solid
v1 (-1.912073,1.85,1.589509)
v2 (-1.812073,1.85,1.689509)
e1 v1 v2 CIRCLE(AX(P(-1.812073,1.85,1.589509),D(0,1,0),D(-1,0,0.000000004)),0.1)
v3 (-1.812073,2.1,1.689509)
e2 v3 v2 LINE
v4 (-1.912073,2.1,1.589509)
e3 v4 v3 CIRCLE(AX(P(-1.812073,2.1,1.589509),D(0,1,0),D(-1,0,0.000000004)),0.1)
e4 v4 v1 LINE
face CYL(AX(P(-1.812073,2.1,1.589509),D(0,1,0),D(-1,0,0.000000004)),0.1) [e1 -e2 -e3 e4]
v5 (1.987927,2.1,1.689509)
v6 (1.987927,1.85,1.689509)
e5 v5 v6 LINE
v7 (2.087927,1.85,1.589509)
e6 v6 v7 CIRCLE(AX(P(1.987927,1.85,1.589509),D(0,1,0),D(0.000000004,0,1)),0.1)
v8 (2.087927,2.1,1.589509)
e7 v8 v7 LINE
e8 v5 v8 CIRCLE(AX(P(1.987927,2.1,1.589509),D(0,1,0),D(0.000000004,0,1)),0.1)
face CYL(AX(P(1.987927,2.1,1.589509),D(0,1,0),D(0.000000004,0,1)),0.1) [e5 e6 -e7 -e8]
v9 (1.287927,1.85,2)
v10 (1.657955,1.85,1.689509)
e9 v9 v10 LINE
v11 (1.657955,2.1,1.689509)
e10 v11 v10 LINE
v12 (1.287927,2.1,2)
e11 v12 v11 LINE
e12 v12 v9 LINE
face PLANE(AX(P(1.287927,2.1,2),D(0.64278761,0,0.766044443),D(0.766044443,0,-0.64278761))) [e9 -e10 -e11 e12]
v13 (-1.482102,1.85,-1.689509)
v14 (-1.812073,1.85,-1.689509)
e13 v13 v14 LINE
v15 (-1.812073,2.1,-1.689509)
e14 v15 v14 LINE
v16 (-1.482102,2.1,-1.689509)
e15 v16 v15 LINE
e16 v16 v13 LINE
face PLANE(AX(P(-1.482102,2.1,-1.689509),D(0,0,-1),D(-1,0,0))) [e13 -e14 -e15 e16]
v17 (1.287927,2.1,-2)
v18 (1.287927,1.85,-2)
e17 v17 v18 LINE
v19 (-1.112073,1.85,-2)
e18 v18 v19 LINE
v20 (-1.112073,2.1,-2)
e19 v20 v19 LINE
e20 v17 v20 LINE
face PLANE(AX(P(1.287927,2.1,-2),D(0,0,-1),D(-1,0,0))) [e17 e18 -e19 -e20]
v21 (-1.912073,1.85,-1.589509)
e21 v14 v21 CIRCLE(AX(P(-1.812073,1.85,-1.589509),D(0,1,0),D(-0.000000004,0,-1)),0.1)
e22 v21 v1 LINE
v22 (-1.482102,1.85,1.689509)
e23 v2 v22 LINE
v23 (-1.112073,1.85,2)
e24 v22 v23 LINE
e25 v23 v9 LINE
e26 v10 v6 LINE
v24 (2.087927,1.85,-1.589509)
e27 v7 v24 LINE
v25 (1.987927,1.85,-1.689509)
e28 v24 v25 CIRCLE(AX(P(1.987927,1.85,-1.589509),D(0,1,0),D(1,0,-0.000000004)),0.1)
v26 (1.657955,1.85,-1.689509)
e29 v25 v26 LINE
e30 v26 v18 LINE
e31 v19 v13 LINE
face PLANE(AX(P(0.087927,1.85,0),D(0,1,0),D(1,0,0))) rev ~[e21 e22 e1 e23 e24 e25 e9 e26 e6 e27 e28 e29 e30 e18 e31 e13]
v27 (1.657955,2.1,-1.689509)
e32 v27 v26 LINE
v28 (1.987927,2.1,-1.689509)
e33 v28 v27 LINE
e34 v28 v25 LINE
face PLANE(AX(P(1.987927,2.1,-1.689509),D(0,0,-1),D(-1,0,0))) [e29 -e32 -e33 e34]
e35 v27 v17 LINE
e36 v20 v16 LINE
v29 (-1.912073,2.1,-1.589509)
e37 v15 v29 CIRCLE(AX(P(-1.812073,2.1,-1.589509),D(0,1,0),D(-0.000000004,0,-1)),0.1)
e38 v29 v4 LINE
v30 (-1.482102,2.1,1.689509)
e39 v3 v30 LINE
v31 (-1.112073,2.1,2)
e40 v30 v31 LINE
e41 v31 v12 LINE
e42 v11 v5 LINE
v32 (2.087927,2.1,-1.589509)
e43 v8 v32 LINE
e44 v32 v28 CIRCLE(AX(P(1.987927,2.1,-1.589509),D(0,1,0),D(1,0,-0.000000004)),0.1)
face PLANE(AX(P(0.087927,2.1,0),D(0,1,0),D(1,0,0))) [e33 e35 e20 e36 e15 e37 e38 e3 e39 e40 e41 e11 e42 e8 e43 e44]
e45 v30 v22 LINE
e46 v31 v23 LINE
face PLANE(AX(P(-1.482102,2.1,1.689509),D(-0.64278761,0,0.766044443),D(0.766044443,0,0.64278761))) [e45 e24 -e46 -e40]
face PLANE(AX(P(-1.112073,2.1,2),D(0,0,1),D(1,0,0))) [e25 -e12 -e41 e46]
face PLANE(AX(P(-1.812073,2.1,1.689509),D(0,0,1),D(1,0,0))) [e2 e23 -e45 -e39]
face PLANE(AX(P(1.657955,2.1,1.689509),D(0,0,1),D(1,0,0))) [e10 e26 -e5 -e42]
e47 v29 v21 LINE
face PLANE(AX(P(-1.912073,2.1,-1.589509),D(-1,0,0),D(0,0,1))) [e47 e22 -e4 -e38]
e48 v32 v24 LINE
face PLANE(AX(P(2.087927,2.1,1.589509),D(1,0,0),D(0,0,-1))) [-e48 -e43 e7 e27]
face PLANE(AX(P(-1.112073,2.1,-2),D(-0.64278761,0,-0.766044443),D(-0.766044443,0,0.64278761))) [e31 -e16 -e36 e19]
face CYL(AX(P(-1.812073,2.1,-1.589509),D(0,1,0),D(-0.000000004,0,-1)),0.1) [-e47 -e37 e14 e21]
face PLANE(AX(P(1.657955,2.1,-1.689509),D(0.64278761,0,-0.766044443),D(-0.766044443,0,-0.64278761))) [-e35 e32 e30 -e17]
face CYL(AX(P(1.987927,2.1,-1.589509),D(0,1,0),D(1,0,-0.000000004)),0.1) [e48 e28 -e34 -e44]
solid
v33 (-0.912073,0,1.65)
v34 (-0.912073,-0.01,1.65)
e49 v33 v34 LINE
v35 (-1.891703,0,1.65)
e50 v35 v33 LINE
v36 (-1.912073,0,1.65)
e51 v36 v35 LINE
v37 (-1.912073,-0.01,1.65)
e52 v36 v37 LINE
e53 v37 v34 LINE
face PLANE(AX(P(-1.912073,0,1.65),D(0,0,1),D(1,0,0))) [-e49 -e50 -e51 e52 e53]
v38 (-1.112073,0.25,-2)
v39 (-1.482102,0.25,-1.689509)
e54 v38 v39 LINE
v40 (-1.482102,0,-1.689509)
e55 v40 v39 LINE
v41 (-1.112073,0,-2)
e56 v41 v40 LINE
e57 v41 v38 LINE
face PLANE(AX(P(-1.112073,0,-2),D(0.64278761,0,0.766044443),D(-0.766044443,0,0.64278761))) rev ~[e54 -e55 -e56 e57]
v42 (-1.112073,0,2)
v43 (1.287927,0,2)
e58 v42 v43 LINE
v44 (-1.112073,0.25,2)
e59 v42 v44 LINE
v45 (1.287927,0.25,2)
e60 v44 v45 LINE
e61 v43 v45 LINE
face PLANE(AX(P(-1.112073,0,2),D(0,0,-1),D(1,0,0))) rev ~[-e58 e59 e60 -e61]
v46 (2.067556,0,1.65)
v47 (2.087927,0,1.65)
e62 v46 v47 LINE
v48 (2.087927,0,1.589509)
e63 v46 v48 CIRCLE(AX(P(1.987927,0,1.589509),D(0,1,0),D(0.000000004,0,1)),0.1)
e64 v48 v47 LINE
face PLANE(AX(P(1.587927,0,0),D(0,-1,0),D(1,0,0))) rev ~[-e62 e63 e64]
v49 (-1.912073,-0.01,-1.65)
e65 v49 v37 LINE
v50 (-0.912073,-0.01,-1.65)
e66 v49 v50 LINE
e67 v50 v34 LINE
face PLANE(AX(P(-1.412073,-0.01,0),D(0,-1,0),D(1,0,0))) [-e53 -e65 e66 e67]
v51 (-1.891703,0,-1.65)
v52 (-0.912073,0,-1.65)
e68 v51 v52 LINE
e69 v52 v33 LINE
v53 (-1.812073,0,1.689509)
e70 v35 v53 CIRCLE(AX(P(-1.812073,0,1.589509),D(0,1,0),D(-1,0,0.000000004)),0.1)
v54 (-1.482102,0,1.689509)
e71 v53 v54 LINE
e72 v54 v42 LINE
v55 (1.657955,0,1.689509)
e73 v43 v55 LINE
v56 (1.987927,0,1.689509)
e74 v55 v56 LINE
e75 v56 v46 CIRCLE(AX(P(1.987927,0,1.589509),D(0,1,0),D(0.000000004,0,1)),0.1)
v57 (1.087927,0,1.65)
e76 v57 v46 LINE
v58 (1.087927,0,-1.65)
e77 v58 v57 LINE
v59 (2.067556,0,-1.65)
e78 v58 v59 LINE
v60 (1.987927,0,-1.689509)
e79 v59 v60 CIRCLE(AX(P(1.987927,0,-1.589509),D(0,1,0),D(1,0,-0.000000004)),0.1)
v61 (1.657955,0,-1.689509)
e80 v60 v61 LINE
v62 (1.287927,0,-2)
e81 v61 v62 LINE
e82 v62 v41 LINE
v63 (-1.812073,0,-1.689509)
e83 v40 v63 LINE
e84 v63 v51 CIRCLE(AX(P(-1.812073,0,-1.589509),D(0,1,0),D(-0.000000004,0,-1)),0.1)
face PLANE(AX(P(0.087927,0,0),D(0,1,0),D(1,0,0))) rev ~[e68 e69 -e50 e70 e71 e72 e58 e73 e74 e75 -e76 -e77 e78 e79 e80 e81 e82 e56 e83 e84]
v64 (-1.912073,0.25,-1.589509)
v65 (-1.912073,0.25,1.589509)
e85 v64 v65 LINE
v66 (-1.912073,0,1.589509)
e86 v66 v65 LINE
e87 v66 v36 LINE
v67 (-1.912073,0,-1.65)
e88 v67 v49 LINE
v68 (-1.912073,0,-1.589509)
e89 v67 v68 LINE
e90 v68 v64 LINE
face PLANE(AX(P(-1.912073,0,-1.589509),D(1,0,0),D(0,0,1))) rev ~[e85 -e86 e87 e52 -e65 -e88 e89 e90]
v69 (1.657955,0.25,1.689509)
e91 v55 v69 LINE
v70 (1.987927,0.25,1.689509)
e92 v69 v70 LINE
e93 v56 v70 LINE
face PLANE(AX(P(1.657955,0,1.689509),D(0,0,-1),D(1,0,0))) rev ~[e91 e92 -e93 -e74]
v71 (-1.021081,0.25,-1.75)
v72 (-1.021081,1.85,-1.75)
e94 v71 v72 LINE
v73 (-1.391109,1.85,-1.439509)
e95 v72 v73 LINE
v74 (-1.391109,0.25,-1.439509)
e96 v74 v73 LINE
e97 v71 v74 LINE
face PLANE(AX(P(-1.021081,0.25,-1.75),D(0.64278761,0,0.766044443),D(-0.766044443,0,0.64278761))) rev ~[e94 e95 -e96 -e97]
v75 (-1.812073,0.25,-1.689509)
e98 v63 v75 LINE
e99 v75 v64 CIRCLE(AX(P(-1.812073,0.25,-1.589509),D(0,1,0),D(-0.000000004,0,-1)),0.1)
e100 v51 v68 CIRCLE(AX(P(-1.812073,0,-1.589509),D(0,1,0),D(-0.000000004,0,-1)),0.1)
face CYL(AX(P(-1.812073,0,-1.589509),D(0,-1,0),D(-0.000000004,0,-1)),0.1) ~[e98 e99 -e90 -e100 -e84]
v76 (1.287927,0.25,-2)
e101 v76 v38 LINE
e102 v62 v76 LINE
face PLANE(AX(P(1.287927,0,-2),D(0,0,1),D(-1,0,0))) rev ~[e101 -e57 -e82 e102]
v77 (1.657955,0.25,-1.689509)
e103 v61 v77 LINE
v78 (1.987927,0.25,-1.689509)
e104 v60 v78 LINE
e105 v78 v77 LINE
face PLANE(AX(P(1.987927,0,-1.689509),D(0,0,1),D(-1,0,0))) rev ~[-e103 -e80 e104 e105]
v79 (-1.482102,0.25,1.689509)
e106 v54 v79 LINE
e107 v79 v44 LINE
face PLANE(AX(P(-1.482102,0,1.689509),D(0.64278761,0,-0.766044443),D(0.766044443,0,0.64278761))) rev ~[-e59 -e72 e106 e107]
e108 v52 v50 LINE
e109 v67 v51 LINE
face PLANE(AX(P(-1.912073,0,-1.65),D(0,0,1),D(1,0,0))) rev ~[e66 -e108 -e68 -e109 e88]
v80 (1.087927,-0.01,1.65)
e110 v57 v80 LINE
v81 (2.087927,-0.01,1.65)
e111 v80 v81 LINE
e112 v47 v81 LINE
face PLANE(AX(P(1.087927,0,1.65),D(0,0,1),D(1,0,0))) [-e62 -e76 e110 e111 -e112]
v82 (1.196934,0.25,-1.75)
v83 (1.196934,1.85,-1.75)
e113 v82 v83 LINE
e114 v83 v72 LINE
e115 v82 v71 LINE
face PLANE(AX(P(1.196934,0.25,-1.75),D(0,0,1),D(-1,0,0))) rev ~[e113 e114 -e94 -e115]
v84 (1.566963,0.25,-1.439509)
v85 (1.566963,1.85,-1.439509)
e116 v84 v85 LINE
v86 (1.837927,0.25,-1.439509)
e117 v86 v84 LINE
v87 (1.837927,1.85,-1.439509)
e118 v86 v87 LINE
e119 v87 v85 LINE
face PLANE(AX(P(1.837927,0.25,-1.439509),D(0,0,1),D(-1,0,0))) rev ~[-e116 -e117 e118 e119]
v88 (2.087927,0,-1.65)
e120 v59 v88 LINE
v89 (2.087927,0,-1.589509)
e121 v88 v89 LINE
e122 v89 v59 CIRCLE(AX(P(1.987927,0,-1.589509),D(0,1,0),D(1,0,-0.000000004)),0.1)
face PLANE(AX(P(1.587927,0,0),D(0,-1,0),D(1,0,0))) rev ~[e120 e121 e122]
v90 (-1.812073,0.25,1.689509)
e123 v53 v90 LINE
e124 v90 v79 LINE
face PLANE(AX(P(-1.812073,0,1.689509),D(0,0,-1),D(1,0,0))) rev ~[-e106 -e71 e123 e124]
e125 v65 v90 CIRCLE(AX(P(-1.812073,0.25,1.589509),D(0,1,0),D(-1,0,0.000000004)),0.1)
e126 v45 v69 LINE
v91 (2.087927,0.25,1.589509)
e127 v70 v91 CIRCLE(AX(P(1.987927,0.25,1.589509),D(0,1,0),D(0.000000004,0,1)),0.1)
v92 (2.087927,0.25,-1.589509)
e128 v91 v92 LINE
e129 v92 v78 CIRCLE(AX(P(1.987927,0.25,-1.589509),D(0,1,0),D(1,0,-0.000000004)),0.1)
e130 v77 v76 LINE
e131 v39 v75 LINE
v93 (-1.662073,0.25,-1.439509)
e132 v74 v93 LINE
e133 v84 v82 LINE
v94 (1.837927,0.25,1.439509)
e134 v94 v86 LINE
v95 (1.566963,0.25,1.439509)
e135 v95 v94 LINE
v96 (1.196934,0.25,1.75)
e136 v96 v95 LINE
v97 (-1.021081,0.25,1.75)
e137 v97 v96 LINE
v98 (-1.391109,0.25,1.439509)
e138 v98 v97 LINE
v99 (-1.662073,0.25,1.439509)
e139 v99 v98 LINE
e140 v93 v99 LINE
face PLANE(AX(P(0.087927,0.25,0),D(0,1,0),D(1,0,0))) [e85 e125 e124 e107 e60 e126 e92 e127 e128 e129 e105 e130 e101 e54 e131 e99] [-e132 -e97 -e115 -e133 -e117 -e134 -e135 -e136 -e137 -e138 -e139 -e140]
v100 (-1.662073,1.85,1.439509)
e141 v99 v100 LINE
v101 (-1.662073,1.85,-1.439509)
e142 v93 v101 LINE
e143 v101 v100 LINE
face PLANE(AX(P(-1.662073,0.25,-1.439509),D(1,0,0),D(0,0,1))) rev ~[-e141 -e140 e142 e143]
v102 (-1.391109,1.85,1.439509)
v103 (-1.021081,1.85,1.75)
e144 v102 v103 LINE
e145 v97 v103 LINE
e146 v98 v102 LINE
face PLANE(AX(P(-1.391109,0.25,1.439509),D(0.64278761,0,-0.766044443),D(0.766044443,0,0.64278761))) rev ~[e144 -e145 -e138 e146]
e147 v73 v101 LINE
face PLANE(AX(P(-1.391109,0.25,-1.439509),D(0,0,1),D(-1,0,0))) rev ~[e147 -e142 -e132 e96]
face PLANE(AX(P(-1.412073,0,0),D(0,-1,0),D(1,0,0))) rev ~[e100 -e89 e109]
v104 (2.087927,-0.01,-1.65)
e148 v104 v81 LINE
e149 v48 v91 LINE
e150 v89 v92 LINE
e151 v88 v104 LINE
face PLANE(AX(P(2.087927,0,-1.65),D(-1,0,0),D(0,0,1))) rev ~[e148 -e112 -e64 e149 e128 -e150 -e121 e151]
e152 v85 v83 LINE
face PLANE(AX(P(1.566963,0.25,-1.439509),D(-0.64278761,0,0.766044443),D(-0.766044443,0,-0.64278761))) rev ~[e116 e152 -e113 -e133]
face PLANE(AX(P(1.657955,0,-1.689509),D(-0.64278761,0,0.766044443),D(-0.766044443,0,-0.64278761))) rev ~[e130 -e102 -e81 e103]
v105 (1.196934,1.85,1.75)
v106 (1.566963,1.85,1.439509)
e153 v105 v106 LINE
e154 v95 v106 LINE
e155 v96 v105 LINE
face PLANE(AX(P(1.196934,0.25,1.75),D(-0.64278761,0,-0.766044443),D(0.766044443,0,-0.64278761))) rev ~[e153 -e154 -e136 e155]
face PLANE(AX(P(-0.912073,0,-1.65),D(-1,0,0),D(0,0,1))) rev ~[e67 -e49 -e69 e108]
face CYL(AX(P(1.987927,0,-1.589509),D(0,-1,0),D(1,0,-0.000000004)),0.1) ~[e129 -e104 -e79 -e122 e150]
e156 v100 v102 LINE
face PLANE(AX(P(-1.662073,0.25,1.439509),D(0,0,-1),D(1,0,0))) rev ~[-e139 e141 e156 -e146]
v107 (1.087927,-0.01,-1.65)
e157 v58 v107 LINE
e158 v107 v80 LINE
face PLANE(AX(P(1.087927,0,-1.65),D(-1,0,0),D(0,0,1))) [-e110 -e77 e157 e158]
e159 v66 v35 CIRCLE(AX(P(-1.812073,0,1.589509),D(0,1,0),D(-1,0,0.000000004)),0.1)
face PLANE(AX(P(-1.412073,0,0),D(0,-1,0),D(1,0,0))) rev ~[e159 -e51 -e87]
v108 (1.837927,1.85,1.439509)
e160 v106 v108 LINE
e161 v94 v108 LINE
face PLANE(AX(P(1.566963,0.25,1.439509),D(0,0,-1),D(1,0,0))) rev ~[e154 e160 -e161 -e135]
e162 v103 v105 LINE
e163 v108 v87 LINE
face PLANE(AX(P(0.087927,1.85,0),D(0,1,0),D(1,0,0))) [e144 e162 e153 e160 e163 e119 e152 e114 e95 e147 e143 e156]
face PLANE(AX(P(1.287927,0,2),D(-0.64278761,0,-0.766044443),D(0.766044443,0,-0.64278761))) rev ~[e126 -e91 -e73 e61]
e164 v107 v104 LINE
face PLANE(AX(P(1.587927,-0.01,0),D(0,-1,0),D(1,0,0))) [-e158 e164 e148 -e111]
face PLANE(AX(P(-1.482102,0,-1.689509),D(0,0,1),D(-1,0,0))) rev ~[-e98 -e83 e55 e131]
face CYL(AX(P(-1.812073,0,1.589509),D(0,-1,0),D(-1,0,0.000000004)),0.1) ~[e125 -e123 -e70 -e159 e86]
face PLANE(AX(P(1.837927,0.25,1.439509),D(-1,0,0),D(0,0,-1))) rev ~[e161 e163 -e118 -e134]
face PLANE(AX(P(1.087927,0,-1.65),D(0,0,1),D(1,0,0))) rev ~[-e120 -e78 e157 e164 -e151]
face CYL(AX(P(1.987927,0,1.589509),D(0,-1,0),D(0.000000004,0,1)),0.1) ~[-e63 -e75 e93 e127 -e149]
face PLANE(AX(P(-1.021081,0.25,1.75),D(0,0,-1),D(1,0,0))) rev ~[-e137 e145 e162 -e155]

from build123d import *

# Parameters (mm, degrees)
SALIENTE_EXTRUIR1_DEPTH = 0.25
SALIENTE_EXTRUIR3_DEPTH = 1.6
SALIENTE_EXTRUIR2_DEPTH = 0.25
CROQUIS4_W              = 1
CROQUIS4_H              = 3.3
SALIENTE_EXTRUIR4_DEPTH = 0.01


with BuildPart() as part:
    # Croquis1 → Saliente-Extruir1 (new body)
    with BuildSketch(Plane(origin=(0, 0, 0), x_dir=(1, 0, 0), z_dir=(0, 1, 0))):
        with BuildLine():
            Line((1.287926846, 2), (-1.112073154, 2))
            Line((-1.112073154, 2), (-1.482101523, 1.689509332))
            Line((-1.482101523, 1.689509332), (-1.812073154, 1.689509332))
            ThreePointArc((-1.812073154, 1.689509332), (-1.882783832, 1.66022001), (-1.912073154, 1.589509332))
            Line((-1.912073154, 1.589509332), (-1.912073154, -1.589509332))
            ThreePointArc((-1.912073154, -1.589509332), (-1.882783832, -1.66022001), (-1.812073154, -1.689509332))
            Line((-1.812073154, -1.689509332), (-1.482101523, -1.689509332))
            Line((-1.482101523, -1.689509332), (-1.112073154, -2))
            Line((-1.112073154, -2), (1.287926846, -2))
            Line((1.287926846, -2), (1.657955215, -1.689509332))
            Line((1.657955215, -1.689509332), (1.987926846, -1.689509332))
            ThreePointArc((1.987926846, -1.689509332), (2.058637524, -1.66022001), (2.087926846, -1.589509332))
            Line((2.087926846, -1.589509332), (2.087926846, 1.589509332))
            ThreePointArc((2.087926846, 1.589509332), (2.058637524, 1.66022001), (1.987926846, 1.689509332))
            Line((1.987926846, 1.689509332), (1.657955215, 1.689509332))
            Line((1.657955215, 1.689509332), (1.287926846, 2))
        make_face()
    extrude(amount=SALIENTE_EXTRUIR1_DEPTH)

    # Croquis3 → Saliente-Extruir3 (add)
    with BuildSketch(Plane(origin=(0, 0.25, 0), x_dir=(1, 0, 0), z_dir=(0, 1, 0))):
        Polygon((-1.021080595, -1.75), (1.196934287, -1.75), (1.566962656, -1.439509332), (1.837926846, -1.439509332), (1.837926846, 1.439509332), (1.566962656, 1.439509332), (1.196934287, 1.75), (-1.021080595, 1.75), (-1.391108964, 1.439509332), (-1.662073154, 1.439509332), (-1.662073154, -1.439509332), (-1.391108964, -1.439509332), align=None)
    extrude(amount=SALIENTE_EXTRUIR3_DEPTH)

    # Croquis4 → Saliente-Extruir4 (add)
    with BuildSketch(Plane.XZ):
        with Locations((1.587926846, 0)):
            Rectangle(CROQUIS4_W, CROQUIS4_H)
        with Locations((-1.412073154, 0)):
            Rectangle(CROQUIS4_W, CROQUIS4_H)
    extrude(amount=SALIENTE_EXTRUIR4_DEPTH)


with BuildPart() as body_2:
    # Croquis2 → Saliente-Extruir2 (new body)
    with BuildSketch(Plane(origin=(0, 2.1, 0), x_dir=(1, 0, 0), z_dir=(0, 1, 0))):
        with BuildLine():
            Line((-1.112073154, -2), (1.287926846, -2))
            Line((1.287926846, -2), (1.657955215, -1.689509332))
            Line((1.657955215, -1.689509332), (1.987926846, -1.689509332))
            ThreePointArc((1.987926846, -1.689509332), (2.058637524, -1.66022001), (2.087926846, -1.589509332))
            Line((2.087926846, -1.589509332), (2.087926846, 1.589509332))
            ThreePointArc((2.087926846, 1.589509332), (2.058637524, 1.66022001), (1.987926846, 1.689509332))
            Line((1.987926846, 1.689509332), (1.657955215, 1.689509332))
            Line((1.657955215, 1.689509332), (1.287926846, 2))
            Line((1.287926846, 2), (-1.112073154, 2))
            Line((-1.112073154, 2), (-1.482101523, 1.689509332))
            Line((-1.482101523, 1.689509332), (-1.812073154, 1.689509332))
            ThreePointArc((-1.812073154, 1.689509332), (-1.882783832, 1.66022001), (-1.912073154, 1.589509332))
            Line((-1.912073154, 1.589509332), (-1.912073154, -1.589509332))
            ThreePointArc((-1.912073154, -1.589509332), (-1.882783832, -1.66022001), (-1.812073154, -1.689509332))
            Line((-1.812073154, -1.689509332), (-1.482101523, -1.689509332))
            Line((-1.482101523, -1.689509332), (-1.112073154, -2))
        make_face()
    extrude(amount=-SALIENTE_EXTRUIR2_DEPTH)


solid = Compound([part.part, body_2.part])
